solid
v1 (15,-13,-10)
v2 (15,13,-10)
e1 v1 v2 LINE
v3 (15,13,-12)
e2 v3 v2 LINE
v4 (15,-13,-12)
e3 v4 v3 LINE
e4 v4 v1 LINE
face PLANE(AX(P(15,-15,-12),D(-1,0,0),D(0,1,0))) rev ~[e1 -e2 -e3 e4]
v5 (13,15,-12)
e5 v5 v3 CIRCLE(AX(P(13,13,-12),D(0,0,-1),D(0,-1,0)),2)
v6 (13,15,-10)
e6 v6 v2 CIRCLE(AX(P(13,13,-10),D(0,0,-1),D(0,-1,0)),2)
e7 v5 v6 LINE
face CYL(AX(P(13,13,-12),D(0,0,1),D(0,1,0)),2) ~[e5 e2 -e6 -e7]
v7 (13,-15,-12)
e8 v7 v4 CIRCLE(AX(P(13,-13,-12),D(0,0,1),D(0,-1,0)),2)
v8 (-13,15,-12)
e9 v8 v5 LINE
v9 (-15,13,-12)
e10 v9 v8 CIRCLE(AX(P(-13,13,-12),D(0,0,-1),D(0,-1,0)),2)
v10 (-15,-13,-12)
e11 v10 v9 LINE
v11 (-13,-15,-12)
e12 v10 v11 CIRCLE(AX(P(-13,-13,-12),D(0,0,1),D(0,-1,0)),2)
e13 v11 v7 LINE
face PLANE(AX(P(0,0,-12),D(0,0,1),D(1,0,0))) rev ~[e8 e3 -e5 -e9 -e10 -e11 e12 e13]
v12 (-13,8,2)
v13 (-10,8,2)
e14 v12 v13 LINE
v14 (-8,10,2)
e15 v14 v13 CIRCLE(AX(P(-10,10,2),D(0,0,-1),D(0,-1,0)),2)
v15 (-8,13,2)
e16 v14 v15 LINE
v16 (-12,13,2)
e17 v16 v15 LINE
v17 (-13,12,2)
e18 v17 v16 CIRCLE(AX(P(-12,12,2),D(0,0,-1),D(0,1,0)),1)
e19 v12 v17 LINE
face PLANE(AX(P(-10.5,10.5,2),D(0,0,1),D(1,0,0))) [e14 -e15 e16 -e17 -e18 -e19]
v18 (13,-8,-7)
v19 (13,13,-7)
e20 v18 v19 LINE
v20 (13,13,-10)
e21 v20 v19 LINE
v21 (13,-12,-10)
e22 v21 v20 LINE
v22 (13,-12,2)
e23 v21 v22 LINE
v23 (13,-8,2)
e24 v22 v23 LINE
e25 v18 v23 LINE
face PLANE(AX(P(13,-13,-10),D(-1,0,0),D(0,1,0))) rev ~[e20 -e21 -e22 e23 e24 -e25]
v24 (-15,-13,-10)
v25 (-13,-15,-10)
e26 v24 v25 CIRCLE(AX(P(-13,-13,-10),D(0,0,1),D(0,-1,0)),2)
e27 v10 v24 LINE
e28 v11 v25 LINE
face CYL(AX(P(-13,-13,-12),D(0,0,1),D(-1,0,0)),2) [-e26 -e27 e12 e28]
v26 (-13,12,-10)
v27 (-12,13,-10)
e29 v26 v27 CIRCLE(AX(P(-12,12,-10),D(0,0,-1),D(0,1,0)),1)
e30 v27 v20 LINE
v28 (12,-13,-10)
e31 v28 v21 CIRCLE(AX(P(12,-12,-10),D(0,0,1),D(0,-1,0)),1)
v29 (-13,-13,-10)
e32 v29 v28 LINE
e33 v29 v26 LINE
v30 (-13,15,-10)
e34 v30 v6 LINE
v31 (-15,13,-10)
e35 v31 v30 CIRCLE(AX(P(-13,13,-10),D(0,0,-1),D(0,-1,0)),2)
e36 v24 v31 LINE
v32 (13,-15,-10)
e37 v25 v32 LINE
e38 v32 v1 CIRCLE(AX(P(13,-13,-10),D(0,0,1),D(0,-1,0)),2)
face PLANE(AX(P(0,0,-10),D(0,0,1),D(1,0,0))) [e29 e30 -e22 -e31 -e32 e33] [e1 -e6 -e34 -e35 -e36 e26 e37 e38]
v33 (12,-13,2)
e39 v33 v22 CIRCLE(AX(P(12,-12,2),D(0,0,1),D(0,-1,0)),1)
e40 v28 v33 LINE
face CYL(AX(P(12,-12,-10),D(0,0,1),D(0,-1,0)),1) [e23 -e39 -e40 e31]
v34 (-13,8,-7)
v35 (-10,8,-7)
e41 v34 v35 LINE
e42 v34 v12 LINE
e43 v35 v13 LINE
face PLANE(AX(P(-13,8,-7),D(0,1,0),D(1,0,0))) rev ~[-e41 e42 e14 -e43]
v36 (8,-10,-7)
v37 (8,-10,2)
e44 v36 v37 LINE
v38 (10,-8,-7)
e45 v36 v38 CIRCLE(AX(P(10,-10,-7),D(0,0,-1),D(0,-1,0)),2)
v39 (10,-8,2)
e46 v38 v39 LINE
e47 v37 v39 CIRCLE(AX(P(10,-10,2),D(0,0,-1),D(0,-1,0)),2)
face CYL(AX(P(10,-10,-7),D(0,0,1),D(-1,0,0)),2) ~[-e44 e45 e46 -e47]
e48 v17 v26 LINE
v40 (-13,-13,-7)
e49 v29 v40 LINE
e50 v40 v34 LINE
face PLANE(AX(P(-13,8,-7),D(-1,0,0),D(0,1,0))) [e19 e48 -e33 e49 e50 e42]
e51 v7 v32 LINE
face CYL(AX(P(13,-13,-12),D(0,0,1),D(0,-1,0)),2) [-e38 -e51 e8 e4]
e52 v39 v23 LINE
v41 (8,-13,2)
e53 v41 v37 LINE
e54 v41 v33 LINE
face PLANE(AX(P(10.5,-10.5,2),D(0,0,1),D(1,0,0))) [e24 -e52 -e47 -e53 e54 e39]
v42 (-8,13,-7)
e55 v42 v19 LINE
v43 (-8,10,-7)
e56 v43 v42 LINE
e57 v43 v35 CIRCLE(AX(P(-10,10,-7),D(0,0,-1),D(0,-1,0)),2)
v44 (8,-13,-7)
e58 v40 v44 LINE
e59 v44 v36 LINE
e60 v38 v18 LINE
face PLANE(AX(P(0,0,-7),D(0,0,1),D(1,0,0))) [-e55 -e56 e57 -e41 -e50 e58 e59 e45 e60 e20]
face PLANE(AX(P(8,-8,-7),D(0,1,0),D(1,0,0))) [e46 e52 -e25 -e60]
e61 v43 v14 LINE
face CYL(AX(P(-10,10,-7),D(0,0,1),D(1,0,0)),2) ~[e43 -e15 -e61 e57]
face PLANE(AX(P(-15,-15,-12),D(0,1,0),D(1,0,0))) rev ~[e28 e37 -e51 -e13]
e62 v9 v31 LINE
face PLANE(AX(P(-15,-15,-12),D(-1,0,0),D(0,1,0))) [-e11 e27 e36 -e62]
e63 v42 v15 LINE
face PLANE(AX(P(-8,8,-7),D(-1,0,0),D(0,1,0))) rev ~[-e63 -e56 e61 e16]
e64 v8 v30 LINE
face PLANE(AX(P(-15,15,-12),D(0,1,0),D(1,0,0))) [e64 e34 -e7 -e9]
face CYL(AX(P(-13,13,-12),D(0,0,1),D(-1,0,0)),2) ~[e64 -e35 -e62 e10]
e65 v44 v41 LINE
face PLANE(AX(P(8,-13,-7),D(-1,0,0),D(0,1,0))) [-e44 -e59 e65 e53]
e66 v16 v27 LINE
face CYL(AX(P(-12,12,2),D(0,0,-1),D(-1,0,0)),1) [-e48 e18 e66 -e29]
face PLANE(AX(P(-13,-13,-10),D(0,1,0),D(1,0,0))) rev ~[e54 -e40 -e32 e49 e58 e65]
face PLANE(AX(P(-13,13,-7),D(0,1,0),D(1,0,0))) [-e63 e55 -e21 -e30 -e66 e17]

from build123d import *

# Parameters (mm, degrees)
BOX013_W     = 26
BOX013_H     = 26
BOX013_DEPTH = 3
BOX014_W     = 5
BOX014_H     = 5
BOX014_DEPTH = 9
BOX012_W     = 30
BOX012_H     = 30
BOX012_DEPTH = 2
BOX015_W     = 5
BOX015_H     = 5
BOX015_DEPTH = 9
FILLET001_R  = 2
FILLET002_R  = 2
FILLET003_R  = 1


with BuildPart() as kapakic:
    # Box013 → Box013 (new body)
    with BuildSketch(Plane(origin=(-13, -13, -10), x_dir=(1, 0, 0), z_dir=(0, 0, 1))):
        with Locations((13, 13)):
            Rectangle(BOX013_W, BOX013_H)
    extrude(amount=BOX013_DEPTH)


with BuildPart() as kapakcikinti1:
    # Box014 → Box014 (new body)
    with BuildSketch(Plane(origin=(-13, 8, -7), x_dir=(1, 0, 0), z_dir=(0, 0, 1))):
        with Locations((2.5, 2.5)):
            Rectangle(BOX014_W, BOX014_H)
    extrude(amount=BOX014_DEPTH)


with BuildPart() as kapakgenis:
    # Box012 → Box012 (new body)
    with BuildSketch(Plane(origin=(-15, -15, -12), x_dir=(1, 0, 0), z_dir=(0, 0, 1))):
        with Locations((15, 15)):
            Rectangle(BOX012_W, BOX012_H)
    extrude(amount=BOX012_DEPTH)


with BuildPart() as fillet003:
    # Box015 → Box015 (new body)
    with BuildSketch(Plane(origin=(8, -13, -7), x_dir=(1, 0, 0), z_dir=(0, 0, 1))):
        with Locations((2.5, 2.5)):
            Rectangle(BOX015_W, BOX015_H)
    extrude(amount=BOX015_DEPTH)

    # Fusion004: union KapakIc, KapakCikinti1, KapakGenis
    add(kapakic.part)
    add(kapakcikinti1.part)
    add(kapakgenis.part)

    # Fillet001
    fillet001_edges = [fillet003.edges().sort_by_distance(p)[0] for p in [
        (-15, -15, -11),
        (-15, 15, -11),
        (15, 15, -11),
        (15, -15, -11),
    ]]
    fillet(fillet001_edges, radius=FILLET001_R)

    # Fillet002
    fillet002_edges = [fillet003.edges().sort_by_distance(p)[0] for p in [
        (-8, 8, -2.5),
        (8, -8, -2.5),
    ]]
    fillet(fillet002_edges, radius=FILLET002_R)

    # Fillet003
    fillet003_edges = [fillet003.edges().sort_by_distance(p)[0] for p in [
        (-13, 13, -2.5),
        (13, -13, -2.5),
    ]]
    fillet(fillet003_edges, radius=FILLET003_R)


solid = fillet003.part
